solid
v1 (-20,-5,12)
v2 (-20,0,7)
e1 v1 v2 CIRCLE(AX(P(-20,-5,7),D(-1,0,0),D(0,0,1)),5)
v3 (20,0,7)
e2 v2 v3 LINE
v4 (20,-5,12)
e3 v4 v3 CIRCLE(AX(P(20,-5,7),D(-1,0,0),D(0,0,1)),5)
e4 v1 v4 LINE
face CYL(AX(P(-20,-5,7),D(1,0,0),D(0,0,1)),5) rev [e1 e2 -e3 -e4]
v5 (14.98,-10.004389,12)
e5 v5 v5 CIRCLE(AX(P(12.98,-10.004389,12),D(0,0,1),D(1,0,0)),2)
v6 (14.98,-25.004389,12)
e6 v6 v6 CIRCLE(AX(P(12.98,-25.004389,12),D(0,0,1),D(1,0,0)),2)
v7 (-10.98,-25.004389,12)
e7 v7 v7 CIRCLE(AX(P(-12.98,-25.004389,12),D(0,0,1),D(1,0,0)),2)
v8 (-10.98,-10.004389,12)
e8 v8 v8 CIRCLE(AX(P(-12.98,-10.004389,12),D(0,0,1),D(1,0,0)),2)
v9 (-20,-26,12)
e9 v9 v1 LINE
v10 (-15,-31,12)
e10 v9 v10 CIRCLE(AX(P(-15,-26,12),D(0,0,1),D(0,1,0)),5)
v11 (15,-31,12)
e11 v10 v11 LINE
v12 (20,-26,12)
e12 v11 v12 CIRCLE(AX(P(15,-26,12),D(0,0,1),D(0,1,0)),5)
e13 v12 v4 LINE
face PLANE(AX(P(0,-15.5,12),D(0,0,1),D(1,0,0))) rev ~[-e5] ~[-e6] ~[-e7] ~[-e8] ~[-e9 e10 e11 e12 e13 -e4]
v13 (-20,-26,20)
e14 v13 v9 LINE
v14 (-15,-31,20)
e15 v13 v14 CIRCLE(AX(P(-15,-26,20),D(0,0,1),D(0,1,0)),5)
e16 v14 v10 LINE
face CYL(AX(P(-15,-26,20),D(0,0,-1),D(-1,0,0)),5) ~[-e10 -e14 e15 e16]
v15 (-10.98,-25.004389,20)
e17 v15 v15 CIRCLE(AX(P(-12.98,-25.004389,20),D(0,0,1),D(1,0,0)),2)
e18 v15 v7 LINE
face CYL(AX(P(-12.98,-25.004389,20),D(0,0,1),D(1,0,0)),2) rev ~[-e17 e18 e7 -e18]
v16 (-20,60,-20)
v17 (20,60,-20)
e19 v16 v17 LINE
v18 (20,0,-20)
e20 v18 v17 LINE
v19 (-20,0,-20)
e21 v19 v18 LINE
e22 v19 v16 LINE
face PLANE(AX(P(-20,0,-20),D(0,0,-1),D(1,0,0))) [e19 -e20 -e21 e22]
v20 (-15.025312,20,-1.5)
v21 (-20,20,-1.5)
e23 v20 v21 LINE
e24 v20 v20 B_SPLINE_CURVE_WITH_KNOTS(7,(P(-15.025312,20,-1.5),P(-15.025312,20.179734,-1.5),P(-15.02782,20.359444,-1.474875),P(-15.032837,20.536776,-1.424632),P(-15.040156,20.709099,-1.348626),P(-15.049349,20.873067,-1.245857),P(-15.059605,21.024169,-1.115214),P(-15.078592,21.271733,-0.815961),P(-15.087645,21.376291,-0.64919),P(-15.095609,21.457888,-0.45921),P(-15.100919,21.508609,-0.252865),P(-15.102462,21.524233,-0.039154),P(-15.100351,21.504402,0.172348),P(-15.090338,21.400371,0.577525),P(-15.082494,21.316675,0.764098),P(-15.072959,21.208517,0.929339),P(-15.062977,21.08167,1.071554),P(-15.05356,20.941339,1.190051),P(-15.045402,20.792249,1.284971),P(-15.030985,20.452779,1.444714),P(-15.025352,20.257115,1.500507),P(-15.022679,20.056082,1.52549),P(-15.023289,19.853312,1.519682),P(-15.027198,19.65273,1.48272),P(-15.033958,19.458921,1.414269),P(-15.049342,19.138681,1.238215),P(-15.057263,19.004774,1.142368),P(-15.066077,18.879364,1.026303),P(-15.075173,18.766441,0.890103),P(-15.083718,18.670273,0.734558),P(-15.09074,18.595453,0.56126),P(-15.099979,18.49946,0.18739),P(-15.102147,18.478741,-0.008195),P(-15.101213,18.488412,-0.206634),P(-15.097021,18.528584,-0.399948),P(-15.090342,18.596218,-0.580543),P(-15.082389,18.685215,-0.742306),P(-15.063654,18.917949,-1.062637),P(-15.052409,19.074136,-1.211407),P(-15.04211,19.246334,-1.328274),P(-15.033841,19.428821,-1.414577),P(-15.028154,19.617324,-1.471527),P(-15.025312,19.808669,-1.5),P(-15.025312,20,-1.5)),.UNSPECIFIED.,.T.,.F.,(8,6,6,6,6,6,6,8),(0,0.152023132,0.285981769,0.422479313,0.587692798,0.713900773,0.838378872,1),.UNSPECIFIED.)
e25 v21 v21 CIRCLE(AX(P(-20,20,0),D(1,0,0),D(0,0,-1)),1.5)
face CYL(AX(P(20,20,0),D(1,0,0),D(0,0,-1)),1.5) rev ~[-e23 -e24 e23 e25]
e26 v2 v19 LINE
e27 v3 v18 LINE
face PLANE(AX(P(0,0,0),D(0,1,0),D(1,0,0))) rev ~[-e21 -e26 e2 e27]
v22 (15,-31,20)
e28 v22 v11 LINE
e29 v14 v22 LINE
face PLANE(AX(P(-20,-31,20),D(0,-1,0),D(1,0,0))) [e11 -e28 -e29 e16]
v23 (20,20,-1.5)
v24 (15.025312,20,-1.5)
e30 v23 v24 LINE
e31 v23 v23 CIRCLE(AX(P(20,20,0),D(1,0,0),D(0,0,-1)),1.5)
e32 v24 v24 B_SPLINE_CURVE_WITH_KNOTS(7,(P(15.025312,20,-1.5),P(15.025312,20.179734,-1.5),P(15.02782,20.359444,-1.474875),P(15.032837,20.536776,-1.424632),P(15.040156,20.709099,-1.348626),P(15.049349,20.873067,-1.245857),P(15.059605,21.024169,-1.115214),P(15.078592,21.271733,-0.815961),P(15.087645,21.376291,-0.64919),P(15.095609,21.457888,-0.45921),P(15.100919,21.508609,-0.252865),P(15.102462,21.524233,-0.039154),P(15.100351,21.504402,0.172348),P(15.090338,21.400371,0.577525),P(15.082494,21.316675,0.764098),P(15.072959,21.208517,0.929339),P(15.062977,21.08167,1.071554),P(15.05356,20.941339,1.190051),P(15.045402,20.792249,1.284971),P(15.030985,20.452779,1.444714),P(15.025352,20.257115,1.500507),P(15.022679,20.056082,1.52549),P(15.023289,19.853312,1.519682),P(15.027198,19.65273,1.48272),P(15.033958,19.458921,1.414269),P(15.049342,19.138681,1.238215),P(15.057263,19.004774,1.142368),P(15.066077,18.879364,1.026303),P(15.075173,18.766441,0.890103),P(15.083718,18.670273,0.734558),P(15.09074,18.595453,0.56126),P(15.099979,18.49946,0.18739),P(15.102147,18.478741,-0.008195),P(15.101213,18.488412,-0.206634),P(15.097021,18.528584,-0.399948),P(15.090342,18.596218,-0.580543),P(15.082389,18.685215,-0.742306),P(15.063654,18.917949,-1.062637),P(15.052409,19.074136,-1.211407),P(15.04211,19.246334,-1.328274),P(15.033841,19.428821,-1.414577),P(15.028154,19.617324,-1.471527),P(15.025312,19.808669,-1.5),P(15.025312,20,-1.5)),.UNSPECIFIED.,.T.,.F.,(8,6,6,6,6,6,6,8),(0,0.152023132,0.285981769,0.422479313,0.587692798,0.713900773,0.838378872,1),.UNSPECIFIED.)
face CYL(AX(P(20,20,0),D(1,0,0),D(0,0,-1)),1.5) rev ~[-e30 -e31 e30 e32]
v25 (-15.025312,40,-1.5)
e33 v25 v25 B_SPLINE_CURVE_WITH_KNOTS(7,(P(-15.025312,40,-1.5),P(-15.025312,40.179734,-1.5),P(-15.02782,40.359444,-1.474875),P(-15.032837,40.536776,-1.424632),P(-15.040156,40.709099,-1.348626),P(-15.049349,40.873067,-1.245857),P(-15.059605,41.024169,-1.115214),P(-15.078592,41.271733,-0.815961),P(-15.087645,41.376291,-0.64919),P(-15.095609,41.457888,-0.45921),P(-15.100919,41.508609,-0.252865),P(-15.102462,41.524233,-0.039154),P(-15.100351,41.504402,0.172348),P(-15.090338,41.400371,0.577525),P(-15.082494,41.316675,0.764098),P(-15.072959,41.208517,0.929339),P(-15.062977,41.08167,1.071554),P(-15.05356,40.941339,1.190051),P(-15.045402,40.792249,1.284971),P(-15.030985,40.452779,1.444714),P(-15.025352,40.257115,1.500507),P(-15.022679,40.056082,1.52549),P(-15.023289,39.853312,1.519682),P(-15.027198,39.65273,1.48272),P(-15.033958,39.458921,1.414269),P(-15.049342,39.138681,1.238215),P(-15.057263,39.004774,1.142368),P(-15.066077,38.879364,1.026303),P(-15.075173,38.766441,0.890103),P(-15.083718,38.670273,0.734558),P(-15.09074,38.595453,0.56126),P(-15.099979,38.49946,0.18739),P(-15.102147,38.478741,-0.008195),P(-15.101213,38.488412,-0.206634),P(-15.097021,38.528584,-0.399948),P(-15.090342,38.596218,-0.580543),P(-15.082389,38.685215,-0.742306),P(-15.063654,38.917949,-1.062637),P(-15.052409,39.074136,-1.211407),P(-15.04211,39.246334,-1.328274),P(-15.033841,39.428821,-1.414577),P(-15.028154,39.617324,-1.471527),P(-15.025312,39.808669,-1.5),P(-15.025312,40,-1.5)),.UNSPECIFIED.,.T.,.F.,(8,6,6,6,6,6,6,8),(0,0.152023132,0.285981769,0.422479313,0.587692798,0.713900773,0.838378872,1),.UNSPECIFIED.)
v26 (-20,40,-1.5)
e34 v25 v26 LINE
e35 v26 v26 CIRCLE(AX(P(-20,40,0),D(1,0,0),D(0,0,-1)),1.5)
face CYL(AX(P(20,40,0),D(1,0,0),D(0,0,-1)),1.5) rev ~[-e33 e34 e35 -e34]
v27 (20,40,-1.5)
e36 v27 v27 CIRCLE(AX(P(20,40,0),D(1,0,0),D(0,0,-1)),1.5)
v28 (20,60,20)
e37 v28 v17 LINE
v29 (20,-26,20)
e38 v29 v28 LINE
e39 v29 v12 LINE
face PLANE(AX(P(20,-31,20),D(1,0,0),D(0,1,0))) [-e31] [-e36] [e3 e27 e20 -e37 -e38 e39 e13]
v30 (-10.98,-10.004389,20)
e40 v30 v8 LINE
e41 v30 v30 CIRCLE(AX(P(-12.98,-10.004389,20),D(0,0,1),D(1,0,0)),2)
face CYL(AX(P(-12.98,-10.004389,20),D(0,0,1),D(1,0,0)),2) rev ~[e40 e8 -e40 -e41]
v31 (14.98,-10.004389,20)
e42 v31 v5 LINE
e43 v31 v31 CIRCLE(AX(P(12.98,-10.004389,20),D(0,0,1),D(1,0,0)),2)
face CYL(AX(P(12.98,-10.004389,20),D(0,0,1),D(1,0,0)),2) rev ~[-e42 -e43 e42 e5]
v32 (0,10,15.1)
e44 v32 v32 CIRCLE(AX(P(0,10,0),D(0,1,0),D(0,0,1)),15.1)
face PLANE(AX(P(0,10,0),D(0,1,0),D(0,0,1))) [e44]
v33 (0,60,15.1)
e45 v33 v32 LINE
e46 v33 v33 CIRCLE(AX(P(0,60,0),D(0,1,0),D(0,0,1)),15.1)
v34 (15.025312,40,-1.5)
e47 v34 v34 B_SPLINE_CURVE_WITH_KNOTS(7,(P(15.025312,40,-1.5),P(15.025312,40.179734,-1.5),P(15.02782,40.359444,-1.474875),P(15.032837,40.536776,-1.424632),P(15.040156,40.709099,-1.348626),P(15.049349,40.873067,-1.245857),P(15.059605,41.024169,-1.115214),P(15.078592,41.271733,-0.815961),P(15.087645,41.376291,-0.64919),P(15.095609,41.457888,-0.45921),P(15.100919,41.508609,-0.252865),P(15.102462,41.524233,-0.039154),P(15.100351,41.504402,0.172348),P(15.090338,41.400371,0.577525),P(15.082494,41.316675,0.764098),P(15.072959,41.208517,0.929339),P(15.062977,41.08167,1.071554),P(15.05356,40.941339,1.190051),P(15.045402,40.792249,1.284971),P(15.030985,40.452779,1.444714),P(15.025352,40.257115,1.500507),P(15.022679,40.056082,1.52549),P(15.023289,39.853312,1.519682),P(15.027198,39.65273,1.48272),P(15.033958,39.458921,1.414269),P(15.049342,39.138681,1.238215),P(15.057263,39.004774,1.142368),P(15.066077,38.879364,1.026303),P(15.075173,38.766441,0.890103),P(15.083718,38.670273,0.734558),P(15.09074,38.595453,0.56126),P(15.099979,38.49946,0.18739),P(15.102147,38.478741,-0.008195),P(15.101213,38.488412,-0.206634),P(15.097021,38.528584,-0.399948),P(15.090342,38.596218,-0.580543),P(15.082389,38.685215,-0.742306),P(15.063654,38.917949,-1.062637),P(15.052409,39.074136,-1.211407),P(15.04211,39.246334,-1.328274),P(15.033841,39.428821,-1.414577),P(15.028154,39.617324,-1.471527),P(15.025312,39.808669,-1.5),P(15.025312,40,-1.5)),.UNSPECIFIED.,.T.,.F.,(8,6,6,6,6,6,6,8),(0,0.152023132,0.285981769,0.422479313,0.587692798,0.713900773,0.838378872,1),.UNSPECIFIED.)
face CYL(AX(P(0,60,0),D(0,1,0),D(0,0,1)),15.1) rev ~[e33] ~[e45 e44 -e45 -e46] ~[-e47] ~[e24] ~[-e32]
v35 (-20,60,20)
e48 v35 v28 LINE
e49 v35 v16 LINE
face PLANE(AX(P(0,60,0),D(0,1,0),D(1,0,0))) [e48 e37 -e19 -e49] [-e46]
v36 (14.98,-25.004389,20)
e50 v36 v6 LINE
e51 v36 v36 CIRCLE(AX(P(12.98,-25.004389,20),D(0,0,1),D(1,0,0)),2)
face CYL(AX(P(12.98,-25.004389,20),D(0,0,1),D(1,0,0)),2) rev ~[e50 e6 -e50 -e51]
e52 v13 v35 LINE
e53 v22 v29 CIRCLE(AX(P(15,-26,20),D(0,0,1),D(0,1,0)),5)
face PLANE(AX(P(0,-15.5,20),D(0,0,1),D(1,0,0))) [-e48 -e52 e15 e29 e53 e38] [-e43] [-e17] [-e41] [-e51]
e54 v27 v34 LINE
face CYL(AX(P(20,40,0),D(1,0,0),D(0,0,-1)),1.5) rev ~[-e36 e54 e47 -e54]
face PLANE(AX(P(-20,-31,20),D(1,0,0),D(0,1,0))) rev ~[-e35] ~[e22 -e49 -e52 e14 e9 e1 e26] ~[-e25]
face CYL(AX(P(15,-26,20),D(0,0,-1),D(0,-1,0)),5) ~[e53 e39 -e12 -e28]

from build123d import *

# Parameters (mm, degrees)
SKETCH_1_W             = 40
SKETCH_1_H             = 40
EXTRUDE_1_DEPTH        = 60
SKETCH_2_R             = 15.1
CUT_EXTRUDE_1_DEPTH    = 50
SKETCH_3_W             = 40
SKETCH_3_H             = 31
SKETCH_3_R             = 2
EXTRUDE_2_DEPTH        = 8
SKETCH_4_R             = 1.5
CUT_EXTRUDE_2_DEPTH    = 75.833147735
PATTERN_LINEAR_1_COUNT = 2
PATTERN_LINEAR_1_PITCH = 20
FILLET_1_R             = 5


with BuildPart() as part:
    # 草圖1 → 填料-伸長1 (new body)
    with BuildSketch(Plane(origin=(0, 0, 0), x_dir=(1, 0, 0), z_dir=(0, 1, 0))):
        Rectangle(SKETCH_1_W, SKETCH_1_H)
    extrude(amount=EXTRUDE_1_DEPTH)

    # 草圖2 → 除料-伸長1 (cut)
    with BuildSketch(Plane(origin=(0, 60, 0), x_dir=(1, 0, 0), z_dir=(0, 1, 0))):
        with Locations(Location((0, 0, 0), (0, 0, 270))):
            Circle(SKETCH_2_R)
    extrude(amount=-CUT_EXTRUDE_1_DEPTH, mode=Mode.SUBTRACT)

    # 草圖3 → 填料-伸長2 (add)
    with BuildSketch(Plane.XY.offset(20)):
        with Locations((0, -15.5)):
            Rectangle(SKETCH_3_W, SKETCH_3_H)
        with Locations((-12.98, -10.004389258)):
            Circle(SKETCH_3_R, mode=Mode.SUBTRACT)
        with Locations((12.98, -10.004389258)):
            Circle(SKETCH_3_R, mode=Mode.SUBTRACT)
        with Locations((-12.98, -25.004389258)):
            Circle(SKETCH_3_R, mode=Mode.SUBTRACT)
        with Locations((12.98, -25.004389258)):
            Circle(SKETCH_3_R, mode=Mode.SUBTRACT)
    extrude(amount=-EXTRUDE_2_DEPTH)

    # 草圖4 → 除料-伸長2 (cut, through all)
    with BuildSketch(Plane(origin=(20, 0, 0), x_dir=(0, 0, -1), z_dir=(1, 0, 0))):
        with Locations((0, 20)):
            Circle(SKETCH_4_R)
    cut_extrude_2 = extrude(amount=-CUT_EXTRUDE_2_DEPTH, mode=Mode.SUBTRACT)

    # 直線複製排列1: 除料-伸長2 ×2
    with Locations(*[(0, i * PATTERN_LINEAR_1_PITCH, 0) for i in range(1, PATTERN_LINEAR_1_COUNT)]):
        add(cut_extrude_2, mode=Mode.SUBTRACT)

    # 圓角1
    fillet_1_edges = [part.edges().sort_by_distance(p)[0] for p in [
        (-20, -31, 16),
        (0, 0, 12),
        (20, -31, 16),
    ]]
    fillet(fillet_1_edges, radius=FILLET_1_R)


solid = part.part
